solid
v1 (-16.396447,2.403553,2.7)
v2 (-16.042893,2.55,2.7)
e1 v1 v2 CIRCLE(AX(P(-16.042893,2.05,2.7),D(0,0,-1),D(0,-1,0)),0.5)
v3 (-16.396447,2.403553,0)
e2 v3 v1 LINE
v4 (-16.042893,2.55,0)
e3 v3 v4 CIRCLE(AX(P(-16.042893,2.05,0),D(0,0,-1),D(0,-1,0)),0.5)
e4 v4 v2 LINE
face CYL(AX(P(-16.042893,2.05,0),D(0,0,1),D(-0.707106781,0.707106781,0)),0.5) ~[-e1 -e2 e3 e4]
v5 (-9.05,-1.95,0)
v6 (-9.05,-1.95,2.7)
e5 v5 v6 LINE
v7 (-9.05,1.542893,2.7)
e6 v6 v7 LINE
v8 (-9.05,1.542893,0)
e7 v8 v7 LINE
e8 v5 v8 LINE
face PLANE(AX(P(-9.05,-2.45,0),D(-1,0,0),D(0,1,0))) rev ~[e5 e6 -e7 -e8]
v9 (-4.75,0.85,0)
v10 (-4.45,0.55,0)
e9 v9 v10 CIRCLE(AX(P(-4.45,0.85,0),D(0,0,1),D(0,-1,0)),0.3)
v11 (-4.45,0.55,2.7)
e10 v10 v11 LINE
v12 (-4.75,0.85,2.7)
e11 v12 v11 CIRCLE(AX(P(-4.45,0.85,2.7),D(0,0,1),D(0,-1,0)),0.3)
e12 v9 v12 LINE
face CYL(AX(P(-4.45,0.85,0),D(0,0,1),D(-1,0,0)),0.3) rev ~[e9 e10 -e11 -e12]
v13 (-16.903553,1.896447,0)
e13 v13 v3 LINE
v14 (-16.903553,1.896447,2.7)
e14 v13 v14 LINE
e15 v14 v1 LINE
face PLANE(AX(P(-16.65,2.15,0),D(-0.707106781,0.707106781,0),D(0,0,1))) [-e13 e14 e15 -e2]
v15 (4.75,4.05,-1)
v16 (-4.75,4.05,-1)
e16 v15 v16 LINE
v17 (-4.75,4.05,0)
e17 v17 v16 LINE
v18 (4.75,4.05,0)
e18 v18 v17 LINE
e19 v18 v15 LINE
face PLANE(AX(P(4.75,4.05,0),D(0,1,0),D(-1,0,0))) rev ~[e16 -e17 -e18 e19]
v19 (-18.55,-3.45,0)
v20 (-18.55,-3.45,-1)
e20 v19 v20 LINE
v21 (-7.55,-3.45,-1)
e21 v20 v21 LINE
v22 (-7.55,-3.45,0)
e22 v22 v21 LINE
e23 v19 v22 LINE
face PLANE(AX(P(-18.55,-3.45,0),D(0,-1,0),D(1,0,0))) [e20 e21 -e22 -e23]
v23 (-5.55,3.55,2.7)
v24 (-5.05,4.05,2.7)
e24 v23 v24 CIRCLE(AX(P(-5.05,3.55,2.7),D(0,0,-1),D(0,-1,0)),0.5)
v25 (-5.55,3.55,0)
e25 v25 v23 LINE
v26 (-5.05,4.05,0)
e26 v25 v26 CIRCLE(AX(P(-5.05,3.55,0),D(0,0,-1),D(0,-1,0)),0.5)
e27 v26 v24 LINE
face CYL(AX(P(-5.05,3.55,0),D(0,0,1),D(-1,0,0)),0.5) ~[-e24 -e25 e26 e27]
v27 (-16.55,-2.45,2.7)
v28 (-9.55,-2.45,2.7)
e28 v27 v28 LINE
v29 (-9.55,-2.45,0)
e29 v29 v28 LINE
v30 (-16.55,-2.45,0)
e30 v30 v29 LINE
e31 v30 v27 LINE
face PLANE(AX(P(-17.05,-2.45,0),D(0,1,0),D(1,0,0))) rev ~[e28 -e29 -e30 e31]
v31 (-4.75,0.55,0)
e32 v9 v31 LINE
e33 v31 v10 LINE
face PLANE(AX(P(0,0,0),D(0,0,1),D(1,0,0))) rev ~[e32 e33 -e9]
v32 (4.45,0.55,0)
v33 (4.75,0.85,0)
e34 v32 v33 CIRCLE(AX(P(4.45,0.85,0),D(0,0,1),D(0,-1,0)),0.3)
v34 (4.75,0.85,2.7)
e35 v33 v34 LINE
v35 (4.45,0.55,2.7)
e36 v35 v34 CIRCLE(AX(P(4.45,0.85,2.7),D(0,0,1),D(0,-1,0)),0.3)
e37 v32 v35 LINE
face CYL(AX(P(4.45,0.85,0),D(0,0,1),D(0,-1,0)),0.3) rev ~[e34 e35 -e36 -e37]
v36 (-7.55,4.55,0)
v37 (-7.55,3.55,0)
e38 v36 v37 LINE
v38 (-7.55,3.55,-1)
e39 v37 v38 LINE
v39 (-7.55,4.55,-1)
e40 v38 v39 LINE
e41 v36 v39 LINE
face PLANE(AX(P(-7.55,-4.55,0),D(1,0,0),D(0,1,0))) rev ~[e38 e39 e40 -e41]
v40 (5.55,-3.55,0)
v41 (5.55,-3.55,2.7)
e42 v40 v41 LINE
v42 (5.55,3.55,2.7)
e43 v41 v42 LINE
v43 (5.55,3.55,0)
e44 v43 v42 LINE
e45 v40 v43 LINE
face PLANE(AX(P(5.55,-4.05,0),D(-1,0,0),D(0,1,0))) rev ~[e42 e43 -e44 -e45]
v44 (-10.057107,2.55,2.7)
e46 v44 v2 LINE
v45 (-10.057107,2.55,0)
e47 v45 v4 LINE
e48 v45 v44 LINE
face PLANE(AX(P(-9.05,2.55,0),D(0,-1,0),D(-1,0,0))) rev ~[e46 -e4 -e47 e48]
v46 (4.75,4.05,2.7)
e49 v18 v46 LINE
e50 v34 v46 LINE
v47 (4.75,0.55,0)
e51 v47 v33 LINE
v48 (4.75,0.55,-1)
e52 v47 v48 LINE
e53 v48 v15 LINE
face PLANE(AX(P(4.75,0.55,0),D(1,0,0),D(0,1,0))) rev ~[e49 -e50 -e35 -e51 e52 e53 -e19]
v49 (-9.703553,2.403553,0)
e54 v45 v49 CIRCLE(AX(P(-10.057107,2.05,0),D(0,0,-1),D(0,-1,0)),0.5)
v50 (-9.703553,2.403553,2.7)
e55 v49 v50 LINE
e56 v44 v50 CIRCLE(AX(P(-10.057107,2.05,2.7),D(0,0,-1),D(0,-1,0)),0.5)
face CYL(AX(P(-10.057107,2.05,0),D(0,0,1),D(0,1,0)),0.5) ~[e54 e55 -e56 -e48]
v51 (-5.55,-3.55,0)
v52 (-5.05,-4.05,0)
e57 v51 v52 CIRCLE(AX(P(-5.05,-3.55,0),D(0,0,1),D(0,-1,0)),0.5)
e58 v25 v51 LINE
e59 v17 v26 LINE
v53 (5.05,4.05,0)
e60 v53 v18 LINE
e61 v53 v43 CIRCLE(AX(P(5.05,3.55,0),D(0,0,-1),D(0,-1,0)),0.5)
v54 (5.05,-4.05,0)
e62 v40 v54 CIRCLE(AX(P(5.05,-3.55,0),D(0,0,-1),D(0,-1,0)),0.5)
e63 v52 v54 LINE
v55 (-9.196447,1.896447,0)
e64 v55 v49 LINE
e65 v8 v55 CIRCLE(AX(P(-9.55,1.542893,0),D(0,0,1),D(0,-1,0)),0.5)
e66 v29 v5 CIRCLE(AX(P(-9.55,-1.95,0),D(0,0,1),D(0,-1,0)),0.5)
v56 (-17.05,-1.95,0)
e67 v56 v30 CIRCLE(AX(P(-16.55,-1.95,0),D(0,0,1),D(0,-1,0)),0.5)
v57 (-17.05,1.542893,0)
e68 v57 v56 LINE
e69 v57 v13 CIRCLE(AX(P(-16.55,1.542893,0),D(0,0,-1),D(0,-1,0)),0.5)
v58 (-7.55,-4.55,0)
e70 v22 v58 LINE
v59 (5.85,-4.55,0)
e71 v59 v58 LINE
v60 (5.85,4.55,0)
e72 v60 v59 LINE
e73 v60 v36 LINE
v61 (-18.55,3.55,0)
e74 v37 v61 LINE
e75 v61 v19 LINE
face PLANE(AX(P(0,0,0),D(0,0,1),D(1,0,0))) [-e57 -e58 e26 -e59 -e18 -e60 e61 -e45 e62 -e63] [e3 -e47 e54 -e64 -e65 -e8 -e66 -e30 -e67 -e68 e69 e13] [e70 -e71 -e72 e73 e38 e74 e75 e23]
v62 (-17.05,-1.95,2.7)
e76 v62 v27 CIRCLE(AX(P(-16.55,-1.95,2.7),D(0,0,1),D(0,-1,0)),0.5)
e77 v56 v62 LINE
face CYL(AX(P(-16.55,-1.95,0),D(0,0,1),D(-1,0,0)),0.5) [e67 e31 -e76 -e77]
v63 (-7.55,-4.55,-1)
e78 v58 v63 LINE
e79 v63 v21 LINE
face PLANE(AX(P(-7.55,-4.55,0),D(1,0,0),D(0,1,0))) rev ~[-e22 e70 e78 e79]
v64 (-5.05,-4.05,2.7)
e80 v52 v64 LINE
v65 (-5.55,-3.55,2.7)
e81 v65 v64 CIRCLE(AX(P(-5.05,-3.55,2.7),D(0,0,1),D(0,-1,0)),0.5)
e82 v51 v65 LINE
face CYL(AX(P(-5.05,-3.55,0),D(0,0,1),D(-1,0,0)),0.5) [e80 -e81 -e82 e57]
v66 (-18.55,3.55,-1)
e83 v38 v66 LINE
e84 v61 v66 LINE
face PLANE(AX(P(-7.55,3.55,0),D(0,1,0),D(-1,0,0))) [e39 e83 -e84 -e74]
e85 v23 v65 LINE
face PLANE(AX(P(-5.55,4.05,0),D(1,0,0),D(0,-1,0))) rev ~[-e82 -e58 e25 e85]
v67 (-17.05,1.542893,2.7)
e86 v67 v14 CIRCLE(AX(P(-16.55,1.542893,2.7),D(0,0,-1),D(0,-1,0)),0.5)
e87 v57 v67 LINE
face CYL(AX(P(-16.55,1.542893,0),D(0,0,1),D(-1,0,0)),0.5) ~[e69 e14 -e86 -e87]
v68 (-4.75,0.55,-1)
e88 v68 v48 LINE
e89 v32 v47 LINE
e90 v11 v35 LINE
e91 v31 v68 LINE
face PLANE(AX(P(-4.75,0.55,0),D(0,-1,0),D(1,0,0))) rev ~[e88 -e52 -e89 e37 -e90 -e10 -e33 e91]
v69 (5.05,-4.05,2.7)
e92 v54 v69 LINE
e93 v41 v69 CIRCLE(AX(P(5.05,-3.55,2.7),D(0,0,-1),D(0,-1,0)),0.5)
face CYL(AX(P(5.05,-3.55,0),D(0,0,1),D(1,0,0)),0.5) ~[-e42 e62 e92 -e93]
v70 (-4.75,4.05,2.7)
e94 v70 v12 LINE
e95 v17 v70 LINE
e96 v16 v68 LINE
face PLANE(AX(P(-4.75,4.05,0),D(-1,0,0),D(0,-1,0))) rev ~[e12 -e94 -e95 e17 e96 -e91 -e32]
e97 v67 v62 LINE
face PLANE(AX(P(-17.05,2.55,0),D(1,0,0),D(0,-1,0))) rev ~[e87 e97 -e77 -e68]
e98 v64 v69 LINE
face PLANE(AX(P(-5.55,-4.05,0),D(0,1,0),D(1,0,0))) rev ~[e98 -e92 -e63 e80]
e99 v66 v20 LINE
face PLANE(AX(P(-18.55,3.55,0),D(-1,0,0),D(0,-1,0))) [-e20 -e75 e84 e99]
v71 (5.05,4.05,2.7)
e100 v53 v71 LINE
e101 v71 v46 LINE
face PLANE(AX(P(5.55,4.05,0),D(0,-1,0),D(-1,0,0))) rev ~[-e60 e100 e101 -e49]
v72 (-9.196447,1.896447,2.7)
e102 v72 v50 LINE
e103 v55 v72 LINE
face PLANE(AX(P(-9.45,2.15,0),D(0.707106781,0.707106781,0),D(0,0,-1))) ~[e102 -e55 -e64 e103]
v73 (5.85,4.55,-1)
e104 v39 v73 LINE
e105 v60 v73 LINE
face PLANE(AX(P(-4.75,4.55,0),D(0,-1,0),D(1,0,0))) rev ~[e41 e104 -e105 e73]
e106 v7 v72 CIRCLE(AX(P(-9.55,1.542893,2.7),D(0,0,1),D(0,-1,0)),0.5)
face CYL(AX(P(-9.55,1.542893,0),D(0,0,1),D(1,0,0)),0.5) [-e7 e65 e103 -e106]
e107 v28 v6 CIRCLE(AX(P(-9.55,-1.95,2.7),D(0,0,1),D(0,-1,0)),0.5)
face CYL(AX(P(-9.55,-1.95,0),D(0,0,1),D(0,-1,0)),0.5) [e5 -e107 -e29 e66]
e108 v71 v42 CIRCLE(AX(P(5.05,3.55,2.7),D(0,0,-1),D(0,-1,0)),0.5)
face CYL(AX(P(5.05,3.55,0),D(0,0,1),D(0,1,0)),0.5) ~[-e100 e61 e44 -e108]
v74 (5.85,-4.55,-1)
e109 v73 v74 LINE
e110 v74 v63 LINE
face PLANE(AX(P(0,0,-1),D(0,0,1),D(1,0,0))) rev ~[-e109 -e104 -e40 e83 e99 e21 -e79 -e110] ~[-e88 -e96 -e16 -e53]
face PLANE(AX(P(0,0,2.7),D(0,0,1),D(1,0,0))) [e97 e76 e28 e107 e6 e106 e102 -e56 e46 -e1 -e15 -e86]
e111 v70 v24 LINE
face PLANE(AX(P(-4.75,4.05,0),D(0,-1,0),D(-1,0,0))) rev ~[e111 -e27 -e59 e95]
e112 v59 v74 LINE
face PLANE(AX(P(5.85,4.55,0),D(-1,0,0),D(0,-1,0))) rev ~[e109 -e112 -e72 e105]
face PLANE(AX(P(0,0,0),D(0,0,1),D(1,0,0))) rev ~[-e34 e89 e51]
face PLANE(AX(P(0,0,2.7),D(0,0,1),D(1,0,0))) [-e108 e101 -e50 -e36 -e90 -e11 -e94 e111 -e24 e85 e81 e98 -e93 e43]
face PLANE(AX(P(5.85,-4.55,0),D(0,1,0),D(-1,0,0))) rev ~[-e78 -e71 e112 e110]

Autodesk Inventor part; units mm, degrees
ref_plane "YZ Plane" through (0, 0, 0) normal (1, 0, 0) x (0, 1, 0)
ref_plane "XZ Plane" through (0, 0, 0) normal (0, 1, 0) x (-1, 0, 0)
ref_plane "XY Plane" through (0, 0, 0) normal (0, 0, 1) x (1, 0, 0)
sketch "Sketch1" plane through (0, 0, 0) normal (0, 0, 1) x (1, 0, 0)
  line L0 (-5.55, -4.05) -> (5.55, -4.05)
  line L1 (5.55, -4.05) -> (5.55, 4.05)
  line L2 (5.55, 4.05) -> (-5.55, 4.05)
  line L3 (-5.55, 4.05) -> (-5.55, -4.05)
  line L4 (-5.55, -4.05) -> (5.55, 4.05) construction
  line L5 (5.55, -4.05) -> (-5.55, 4.05) construction
  line L6 (-4.75, 0.55) -> (4.75, 0.55)
  line L7 (4.75, 0.55) -> (4.75, 7.55)
  line L8 (4.75, 7.55) -> (-4.75, 7.55)
  line L9 (-4.75, 7.55) -> (-4.75, 0.55)
  line L10 (-4.75, 0.55) -> (4.75, 7.55) construction
  line L11 (4.75, 0.55) -> (-4.75, 7.55) construction
  line L12 (5.85, -4.55) -> (-7.55, -4.55)
  line L13 (-7.55, -4.55) -> (-7.55, 4.55)
  line L14 (-7.55, 4.55) -> (5.85, 4.55)
  line L15 (5.85, 4.55) -> (5.85, -4.55)
  line L16 (-17.05, -2.45) -> (-9.05, -2.45)
  line L17 (-9.05, -2.45) -> (-9.05, 2.55)
  line L18 (-9.05, 2.55) -> (-17.05, 2.55)
  line L19 (-17.05, 2.55) -> (-17.05, -2.45)
  line L20 (-17.05, -2.45) -> (-9.05, 2.55) construction
  line L21 (-9.05, -2.45) -> (-17.05, 2.55) construction
  line L22 (-18.55, -3.45) -> (-7.55, -3.45)
  line L23 (-7.55, -3.45) -> (-7.55, 3.55)
  line L24 (-7.55, 3.55) -> (-18.55, 3.55)
  line L25 (-18.55, 3.55) -> (-18.55, -3.45)
  line L26 (-18.55, -3.45) -> (-7.55, 3.55) construction
  line L27 (-7.55, -3.45) -> (-18.55, 3.55) construction
  point P0 (0, 0)
  point P1 (0, 4.05)
  point P2 (4.75, 4.05)
  point P3 (-4.75, 4.05)
  point P4 (-13.05, 0.05)
  point P5 (-7.55, -3.45)
  dimension "d0" = 11.1
  dimension "d1" = 8.1
  dimension "d2" = 9.5
  dimension "d3" = 4.6
  dimension "d8" = 0.5
  dimension "d9" = 2
  dimension "d10" = 0.5
  dimension "d11" = 0.3
  dimension "d14" = 8
  dimension "d15" = 5
  dimension "d16" = 1.5
  dimension "d17" = 22.6
  dimension "d18" = 7
extrude "Extrusion1" add sketch "Sketch1" along normal blind 2.7 contours L3 L2 L9 L6 L7 L1 L0
fillet "Fillet1" radius 0.5 4 edges at (5.55, 4.05, 1.35) (5.55, -4.05, 1.35) (-5.55, -4.05, 1.35) (-5.55, 4.05, 1.35)
fillet "Fillet2" radius 0.3 2 edges at (-4.75, 0.55, 1.35) (4.75, 0.55, 1.35)
extrude "Extrusion2" add sketch "Sketch1" against normal blind 1 contours L3 L2 L9 L6 L7 L1 L0 | L0 L1 L2 L7 L14 L15 L12 L13 L9 L3 | L9 L14 L7 L2
extrude "Extrusion3" add sketch "Sketch1" against normal up to surface (1 mm away) contours L13 L22 L25 L24 | L19 L18 L17 L16
extrude "Extrusion4" add sketch "Sketch1" along normal up to surface (2.7 mm away) contours L19 L18 L17 L16
chamfer "Chamfer1" distance 0.8 angle 45 2 edges at (-9.05, 2.55, 1.35) (-17.05, 2.55, 1.35)
fillet "Fillet3" radius 0.5 6 edges at (-9.85, 2.55, 1.35) (-9.05, 1.75, 1.35) (-9.05, -2.45, 1.35) (-16.25, 2.55, 1.35) (-17.05, 1.75, 1.35) (-17.05, -2.45, 1.35)
properties part number "firewire-02"
